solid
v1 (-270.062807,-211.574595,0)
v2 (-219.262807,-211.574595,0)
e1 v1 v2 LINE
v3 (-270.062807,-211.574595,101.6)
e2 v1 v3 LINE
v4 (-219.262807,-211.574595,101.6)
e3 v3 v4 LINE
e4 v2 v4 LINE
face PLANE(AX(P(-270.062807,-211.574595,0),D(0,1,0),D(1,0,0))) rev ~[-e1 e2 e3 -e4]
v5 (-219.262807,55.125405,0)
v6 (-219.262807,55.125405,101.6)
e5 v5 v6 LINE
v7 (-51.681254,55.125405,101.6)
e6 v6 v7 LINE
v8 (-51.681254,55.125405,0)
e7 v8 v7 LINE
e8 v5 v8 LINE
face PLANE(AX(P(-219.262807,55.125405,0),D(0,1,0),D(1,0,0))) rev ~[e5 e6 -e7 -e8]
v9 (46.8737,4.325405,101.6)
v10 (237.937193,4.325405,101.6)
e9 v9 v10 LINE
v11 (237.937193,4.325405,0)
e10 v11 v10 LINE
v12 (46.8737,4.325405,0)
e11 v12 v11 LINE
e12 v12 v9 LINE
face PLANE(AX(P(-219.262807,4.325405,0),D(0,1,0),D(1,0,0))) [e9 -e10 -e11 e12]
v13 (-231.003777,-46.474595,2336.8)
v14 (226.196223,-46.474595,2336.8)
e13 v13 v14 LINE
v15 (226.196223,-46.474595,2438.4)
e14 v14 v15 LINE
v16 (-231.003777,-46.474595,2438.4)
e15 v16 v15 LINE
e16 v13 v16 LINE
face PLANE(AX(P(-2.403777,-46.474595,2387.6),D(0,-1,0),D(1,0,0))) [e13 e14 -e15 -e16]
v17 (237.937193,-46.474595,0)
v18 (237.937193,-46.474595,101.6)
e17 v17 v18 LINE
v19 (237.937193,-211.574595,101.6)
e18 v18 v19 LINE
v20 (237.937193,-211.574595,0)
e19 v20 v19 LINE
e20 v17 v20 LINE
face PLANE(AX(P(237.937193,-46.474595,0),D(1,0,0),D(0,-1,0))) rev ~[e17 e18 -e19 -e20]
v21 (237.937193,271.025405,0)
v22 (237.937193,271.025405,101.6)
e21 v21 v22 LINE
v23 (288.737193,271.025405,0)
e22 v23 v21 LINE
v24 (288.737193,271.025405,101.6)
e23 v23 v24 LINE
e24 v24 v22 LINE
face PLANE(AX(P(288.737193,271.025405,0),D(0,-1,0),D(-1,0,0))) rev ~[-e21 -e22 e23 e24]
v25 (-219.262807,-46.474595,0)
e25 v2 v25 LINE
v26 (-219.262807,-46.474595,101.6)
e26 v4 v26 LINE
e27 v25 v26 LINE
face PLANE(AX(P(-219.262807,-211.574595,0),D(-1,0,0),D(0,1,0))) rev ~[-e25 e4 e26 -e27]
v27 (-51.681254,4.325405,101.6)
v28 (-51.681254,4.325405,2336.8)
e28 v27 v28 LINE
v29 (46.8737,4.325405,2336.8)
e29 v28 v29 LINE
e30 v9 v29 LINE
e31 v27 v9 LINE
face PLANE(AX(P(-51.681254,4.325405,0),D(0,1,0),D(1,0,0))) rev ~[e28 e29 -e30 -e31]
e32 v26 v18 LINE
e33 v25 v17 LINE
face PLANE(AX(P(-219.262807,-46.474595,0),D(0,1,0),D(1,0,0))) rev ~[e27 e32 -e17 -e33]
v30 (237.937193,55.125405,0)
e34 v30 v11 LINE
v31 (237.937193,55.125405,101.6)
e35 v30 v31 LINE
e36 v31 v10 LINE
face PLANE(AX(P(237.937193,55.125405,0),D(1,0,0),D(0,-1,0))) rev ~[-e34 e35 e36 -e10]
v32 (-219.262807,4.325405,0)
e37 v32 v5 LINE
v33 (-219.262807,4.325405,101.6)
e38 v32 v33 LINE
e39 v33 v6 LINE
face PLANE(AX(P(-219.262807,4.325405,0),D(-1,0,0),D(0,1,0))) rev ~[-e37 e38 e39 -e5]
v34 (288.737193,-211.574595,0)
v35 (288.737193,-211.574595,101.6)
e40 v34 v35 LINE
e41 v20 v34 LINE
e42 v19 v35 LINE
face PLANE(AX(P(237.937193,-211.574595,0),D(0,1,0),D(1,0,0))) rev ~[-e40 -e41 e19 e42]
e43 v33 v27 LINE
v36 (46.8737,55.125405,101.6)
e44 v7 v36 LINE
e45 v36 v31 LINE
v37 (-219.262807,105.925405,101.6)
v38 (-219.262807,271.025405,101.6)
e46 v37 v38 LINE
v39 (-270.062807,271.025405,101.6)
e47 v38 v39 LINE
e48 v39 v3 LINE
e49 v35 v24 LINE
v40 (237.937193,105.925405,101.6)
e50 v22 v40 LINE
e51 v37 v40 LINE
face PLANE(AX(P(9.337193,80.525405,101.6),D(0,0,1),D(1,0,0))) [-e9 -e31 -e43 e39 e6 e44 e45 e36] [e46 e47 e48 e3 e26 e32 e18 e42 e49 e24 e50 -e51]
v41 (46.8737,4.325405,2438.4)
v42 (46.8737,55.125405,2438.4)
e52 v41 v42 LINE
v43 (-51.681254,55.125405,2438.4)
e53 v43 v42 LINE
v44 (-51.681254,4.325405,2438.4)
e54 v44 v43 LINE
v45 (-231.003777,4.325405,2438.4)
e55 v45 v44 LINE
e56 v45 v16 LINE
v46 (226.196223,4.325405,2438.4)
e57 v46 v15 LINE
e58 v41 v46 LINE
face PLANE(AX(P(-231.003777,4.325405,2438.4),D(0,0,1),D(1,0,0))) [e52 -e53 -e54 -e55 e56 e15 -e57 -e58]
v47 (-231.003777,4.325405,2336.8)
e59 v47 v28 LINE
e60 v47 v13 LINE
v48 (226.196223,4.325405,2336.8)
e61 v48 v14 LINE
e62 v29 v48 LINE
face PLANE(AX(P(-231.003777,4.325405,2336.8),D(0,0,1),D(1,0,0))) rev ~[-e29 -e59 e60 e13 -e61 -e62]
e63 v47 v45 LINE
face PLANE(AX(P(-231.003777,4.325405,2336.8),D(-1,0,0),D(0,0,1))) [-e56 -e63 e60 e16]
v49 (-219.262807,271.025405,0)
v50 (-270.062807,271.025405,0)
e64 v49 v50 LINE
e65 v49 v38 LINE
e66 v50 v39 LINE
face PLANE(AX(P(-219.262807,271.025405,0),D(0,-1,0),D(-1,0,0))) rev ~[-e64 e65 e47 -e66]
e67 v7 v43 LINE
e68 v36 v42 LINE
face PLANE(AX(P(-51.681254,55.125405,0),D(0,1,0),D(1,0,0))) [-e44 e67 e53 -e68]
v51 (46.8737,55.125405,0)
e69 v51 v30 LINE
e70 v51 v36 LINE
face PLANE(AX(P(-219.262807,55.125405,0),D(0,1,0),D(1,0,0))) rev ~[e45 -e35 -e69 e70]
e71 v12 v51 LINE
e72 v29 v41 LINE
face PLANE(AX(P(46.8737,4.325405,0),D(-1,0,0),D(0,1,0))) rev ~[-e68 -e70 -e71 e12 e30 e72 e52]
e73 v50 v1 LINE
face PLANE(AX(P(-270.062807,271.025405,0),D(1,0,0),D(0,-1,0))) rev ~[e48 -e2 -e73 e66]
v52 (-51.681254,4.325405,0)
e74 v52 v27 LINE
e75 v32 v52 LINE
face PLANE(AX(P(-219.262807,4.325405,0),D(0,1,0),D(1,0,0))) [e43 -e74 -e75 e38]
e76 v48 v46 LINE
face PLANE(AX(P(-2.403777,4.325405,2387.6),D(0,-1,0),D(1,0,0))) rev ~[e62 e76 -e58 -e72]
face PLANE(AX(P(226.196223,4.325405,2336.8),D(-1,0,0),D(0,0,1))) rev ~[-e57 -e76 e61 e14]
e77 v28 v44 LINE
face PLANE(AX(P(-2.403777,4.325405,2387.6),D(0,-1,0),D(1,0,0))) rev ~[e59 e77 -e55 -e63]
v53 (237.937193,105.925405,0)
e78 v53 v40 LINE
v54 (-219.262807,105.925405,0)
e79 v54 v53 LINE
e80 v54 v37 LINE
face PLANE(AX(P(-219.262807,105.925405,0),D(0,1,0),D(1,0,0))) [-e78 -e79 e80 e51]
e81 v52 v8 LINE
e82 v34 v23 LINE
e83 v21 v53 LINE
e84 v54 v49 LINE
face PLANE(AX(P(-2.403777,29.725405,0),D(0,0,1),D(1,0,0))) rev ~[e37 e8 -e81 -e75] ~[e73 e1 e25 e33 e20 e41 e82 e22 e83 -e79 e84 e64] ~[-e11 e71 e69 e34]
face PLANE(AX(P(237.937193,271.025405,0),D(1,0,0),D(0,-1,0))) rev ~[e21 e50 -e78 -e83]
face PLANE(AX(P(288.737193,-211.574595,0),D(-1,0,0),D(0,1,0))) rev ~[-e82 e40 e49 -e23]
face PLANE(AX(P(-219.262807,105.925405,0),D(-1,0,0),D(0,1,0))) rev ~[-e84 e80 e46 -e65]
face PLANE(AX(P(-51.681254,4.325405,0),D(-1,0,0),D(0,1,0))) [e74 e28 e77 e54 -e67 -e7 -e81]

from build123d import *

# Parameters (mm, degrees)
F0_W     = 457.2
F0_H     = 50.8
F1_DEPTH = 101.6
F2_W     = 98.554954
F2_H     = 50.8
F3_DEPTH = 2438.4
F4_W     = 457.2
F4_H     = 101.6
F5_DEPTH = 50.8


with BuildPart() as f1:
    # F0 (on Top) → F1 (new body)
    with BuildSketch(Plane.XY):
        with Locations((9.337193, 80.525405)):
            Rectangle(F0_W, F0_H)
        Polygon((-219.262807, 55.125405), (-219.262807, 105.925405), (-219.262807, 271.025405), (-270.062807, 271.025405), (-270.062807, -211.574595), (-219.262807, -211.574595), (-219.262807, -46.474595), (-219.262807, 4.325405), align=None)
        Polygon((237.937193, 271.025405), (237.937193, 105.925405), (237.937193, 55.125405), (237.937193, 4.325405), (237.937193, -46.474595), (237.937193, -211.574595), (288.737193, -211.574595), (288.737193, 271.025405), align=None)
        with Locations((9.337193, -21.074595)):
            Rectangle(F0_W, F0_H)
    extrude(amount=F1_DEPTH)

    # F2 (on Top) → F3 (join)
    with BuildSketch(Plane.XY):
        with Locations((-2.403777, 29.725405)):
            Rectangle(F2_W, F2_H)
    extrude(amount=F3_DEPTH)

    # F4 (on face) → F5 (join)
    with BuildSketch(Plane.XZ.offset(-4.325405)):
        with Locations((-2.403777, 2387.6)):
            Rectangle(F4_W, F4_H)
    extrude(amount=F5_DEPTH)


solid = f1.part
